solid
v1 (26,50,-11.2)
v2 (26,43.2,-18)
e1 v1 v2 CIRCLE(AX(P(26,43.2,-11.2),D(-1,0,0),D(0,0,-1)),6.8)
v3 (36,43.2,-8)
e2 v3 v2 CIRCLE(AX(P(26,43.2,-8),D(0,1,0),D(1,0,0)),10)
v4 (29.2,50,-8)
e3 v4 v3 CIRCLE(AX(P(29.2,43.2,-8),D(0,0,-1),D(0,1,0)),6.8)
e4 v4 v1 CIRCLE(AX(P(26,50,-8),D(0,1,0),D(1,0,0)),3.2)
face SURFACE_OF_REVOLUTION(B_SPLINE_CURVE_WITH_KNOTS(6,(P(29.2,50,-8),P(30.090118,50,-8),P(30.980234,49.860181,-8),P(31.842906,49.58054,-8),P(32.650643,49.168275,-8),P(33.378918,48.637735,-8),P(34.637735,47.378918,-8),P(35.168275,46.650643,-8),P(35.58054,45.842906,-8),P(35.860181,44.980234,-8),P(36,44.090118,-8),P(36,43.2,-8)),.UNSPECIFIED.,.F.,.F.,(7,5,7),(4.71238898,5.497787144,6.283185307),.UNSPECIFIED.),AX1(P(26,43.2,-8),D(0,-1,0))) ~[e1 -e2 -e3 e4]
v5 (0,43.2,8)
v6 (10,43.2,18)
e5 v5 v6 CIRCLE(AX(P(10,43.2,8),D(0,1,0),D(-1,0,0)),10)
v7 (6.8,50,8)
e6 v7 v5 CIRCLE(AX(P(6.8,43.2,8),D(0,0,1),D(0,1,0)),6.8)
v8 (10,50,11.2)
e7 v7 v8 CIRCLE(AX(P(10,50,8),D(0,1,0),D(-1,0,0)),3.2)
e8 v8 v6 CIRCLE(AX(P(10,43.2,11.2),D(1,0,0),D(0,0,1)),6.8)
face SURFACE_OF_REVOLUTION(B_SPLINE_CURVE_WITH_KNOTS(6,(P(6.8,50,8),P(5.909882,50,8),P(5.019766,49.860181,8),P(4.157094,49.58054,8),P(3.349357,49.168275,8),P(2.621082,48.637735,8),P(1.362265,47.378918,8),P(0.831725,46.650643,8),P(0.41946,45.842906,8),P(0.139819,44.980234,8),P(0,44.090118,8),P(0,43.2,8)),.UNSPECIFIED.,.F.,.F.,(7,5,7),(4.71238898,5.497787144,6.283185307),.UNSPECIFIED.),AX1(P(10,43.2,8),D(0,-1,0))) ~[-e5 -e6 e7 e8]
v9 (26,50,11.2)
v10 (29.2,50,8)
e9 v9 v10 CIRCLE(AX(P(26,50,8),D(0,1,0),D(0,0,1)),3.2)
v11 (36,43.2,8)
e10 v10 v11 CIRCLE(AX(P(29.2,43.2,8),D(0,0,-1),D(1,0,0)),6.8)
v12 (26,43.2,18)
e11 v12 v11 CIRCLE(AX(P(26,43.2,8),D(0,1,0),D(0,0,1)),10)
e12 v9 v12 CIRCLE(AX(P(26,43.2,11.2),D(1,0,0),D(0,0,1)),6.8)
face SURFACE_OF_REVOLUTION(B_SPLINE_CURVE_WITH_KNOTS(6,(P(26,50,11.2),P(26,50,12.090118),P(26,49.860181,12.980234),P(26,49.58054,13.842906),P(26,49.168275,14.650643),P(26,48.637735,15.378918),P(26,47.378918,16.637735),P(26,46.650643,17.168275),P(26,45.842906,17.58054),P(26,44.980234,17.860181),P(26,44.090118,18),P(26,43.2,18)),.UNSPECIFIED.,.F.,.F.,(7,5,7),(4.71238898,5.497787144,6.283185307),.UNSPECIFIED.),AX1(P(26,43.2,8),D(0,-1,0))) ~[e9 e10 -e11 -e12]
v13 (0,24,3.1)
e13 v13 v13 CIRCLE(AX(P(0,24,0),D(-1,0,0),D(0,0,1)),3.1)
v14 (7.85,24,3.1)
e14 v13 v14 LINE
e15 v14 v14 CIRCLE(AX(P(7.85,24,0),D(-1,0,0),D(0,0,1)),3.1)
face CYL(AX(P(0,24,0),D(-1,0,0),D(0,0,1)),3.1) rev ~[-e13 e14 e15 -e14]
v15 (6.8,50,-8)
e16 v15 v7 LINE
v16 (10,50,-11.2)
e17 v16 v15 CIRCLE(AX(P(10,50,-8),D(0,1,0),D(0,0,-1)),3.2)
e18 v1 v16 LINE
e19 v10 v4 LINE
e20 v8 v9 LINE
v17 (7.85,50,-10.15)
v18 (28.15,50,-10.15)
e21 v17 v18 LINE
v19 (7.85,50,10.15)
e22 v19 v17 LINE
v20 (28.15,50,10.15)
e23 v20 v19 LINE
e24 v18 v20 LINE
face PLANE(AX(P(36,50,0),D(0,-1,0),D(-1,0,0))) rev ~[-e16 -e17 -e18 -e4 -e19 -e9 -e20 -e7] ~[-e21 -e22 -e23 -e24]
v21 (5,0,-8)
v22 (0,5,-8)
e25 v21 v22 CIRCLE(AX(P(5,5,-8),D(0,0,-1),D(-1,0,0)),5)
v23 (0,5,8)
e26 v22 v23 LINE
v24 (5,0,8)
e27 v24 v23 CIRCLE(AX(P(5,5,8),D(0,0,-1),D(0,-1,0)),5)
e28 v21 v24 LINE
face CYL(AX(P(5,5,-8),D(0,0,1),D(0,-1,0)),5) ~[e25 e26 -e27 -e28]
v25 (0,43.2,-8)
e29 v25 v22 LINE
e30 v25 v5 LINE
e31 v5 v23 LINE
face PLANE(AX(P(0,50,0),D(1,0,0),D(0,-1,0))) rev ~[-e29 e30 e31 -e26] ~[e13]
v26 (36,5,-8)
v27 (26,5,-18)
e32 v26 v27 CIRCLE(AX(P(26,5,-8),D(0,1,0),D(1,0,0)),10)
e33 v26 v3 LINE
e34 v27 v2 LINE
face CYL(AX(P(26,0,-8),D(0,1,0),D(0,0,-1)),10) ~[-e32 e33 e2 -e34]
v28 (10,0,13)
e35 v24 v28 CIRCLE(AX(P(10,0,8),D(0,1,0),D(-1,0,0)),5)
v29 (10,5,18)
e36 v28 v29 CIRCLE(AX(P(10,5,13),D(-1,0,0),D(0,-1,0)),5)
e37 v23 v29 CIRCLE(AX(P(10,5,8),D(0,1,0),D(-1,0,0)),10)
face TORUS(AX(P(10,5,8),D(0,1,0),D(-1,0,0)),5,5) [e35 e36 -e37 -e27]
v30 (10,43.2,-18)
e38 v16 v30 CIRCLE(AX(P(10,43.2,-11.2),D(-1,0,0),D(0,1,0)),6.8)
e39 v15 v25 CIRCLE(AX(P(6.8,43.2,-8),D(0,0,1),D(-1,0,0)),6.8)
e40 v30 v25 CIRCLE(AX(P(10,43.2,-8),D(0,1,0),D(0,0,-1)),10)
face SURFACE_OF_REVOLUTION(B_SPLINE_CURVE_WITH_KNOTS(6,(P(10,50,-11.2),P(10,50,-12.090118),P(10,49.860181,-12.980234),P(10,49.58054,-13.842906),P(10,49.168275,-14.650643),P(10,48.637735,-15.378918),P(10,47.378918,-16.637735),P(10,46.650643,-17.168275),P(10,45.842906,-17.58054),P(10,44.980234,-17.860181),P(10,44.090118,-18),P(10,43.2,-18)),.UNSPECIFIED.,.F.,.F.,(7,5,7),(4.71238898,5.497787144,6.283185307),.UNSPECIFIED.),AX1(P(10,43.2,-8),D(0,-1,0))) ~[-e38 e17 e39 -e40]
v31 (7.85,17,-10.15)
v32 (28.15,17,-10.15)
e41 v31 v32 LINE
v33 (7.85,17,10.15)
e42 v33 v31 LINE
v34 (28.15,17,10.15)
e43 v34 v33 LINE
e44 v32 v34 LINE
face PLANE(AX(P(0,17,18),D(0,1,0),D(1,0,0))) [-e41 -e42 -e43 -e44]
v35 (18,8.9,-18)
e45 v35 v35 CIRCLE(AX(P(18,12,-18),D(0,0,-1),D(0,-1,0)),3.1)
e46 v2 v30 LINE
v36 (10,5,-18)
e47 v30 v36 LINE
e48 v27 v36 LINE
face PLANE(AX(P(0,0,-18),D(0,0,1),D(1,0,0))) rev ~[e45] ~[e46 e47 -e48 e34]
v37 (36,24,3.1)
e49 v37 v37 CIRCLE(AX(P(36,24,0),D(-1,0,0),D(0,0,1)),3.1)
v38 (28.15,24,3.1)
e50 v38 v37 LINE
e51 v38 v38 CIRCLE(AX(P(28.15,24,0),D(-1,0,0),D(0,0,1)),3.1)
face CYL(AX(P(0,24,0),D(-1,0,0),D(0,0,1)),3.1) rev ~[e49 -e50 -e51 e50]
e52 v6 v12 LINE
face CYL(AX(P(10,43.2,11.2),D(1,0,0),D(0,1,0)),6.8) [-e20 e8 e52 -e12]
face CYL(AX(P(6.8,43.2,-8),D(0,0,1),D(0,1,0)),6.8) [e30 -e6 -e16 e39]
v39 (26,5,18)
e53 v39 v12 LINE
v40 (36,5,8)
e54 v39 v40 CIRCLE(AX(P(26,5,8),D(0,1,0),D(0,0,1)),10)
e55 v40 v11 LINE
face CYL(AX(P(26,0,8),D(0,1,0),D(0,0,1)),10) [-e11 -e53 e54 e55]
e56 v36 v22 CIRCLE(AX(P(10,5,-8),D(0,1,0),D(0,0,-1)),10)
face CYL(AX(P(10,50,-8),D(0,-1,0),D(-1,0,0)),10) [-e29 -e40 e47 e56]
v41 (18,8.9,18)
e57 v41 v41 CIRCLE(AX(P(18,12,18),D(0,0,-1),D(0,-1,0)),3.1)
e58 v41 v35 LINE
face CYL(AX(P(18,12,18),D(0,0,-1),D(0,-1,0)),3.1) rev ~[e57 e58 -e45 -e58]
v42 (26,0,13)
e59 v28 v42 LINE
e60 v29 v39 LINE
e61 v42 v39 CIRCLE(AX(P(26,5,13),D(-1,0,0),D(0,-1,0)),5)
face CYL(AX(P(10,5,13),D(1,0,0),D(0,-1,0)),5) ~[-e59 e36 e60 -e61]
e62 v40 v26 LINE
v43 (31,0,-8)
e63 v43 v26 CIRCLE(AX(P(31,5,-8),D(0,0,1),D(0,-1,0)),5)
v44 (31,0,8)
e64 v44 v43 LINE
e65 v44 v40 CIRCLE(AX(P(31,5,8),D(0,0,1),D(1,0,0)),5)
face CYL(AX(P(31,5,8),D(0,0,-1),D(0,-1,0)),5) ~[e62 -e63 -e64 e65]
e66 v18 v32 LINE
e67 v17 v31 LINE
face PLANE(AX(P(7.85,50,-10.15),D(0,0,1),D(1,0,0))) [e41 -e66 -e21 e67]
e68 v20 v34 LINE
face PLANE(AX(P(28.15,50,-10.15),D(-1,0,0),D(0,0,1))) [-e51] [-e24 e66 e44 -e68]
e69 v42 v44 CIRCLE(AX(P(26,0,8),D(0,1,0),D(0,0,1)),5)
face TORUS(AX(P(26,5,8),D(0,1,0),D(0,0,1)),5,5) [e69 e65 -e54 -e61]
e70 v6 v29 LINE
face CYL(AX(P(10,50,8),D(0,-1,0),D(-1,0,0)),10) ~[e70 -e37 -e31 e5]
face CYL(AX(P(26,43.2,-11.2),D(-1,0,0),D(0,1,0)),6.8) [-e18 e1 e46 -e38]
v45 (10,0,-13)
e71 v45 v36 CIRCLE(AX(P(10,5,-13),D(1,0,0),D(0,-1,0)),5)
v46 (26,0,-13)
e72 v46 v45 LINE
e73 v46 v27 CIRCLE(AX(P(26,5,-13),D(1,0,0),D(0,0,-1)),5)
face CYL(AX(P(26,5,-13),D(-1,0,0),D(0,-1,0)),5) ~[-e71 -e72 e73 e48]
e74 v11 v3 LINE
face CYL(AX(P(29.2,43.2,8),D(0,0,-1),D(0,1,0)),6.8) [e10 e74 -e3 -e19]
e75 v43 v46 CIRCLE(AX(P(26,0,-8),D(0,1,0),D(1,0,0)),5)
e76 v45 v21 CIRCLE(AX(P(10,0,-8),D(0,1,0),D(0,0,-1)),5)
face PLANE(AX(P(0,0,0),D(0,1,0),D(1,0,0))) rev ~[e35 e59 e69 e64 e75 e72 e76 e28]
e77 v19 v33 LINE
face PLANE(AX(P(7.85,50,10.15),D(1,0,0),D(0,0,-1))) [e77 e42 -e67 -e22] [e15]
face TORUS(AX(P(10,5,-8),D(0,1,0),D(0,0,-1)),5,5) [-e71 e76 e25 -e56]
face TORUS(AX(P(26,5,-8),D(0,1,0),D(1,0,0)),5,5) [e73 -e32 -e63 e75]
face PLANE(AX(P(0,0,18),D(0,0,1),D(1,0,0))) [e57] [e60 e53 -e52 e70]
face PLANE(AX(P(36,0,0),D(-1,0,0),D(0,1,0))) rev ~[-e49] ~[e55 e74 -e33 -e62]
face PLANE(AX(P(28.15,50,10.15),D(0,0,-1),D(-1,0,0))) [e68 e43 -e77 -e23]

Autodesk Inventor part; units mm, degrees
ref_plane "YZ Plane" through (0, 0, 0) normal (1, 0, 0) x (0, 1, 0)
ref_plane "XZ Plane" through (0, 0, 0) normal (0, 1, 0) x (-1, 0, 0)
ref_plane "XY Plane" through (0, 0, 0) normal (0, 0, 1) x (1, 0, 0)
sketch "Sketch1" plane through (0, 0, 0) normal (0, 0, 1) x (1, 0, 0)
  line L0 (0, 0) -> (36, 0)
  line L1 (36, 0) -> (36, 50)
  line L2 (36, 50) -> (0, 50)
  line L3 (0, 50) -> (0, 0)
  dimension "d0" = 36
  dimension "d1" = 50
extrude "Extrusion1" add sketch "Sketch1" along normal mid plane 36
sketch "Sketch2" plane through (0, 50, 18) normal (0, 1, 0) x (1, 0, 0)
  line L0 (28.15, 7.85) -> (7.85, 7.85)
  line L1 (7.85, 7.85) -> (7.85, 28.15)
  line L2 (7.85, 28.15) -> (28.15, 28.15)
  line L3 (28.15, 28.15) -> (28.15, 7.85)
  line L4 (28.15, 7.85) -> (7.85, 28.15) construction
  line L5 (7.85, 7.85) -> (28.15, 28.15) construction
  line L6 (0, 36) -> (0, 0) projected
  point P0 (0, 18)
  point P1 (18, 18)
  point P2 (0, 18)
  dimension "d4" = 18
  dimension "d5" = 20.3
  dimension "d6" = 20.3
extrude "Extrusion2" cut sketch "Sketch2" against normal blind 33
sketch "Sketch3" plane through (0, 0, 18) normal (0, 0, 1) x (1, 0, 0)
  line L0 (0, 50) -> (0, 0) projected
  line L1 (0, 0) -> (36, 0) projected
  point P0 (18, 12)
  dimension "d9" = 18
  dimension "d10" = 12
hole "Hole1" at (18, 12, 18) direction (0, 0, -1) diameter 6.2 end through all
sketch "Sketch8" plane through (7.85, 50, -10.15) normal (0, 0, 1) x (1, 0, 0)
  point P0 (-7.85, -50)
sketch "Sketch11" plane through (0, 0, 18) normal (-1, 0, 0) x (0, 0, 1)
  circle A0 centre (-18, 24) radius 3.1
  line L0 (0, 50) -> (0, 0) projected
  line L1 (-7.85, 17) -> (-28.15, 17) projected
  point P0 (-18, 0)
  dimension "d41" = 6.2
  dimension "d42" = 18
  dimension "d43" = 7
extrude "Extrusion6" cut sketch "Sketch11" against normal through all
fillet "Fillet1" radius 10 4 edges at (36, 25, 18) (0, 25, 18) (0, 25, -18) (36, 25, -18)
fillet "Fillet2" radius 5 8 edges at (18, 0, 18) (33.0711, 0, 15.0711) (36, 0, 0) (33.0711, 0, -15.0711) (18, 0, -18) (2.9289, 0, -15.0711) (0, 0, 0) (2.9289, 0, 15.0711)
fillet "Fillet3" radius 6.8 8 edges at (33.0711, 50, 15.0711) (18, 50, 18) (2.9289, 50, 15.0711) (0, 50, 0) (2.9289, 50, -15.0711) (18, 50, -18) (33.0711, 50, -15.0711) (36, 50, 0)
properties part number "arm_collar"
